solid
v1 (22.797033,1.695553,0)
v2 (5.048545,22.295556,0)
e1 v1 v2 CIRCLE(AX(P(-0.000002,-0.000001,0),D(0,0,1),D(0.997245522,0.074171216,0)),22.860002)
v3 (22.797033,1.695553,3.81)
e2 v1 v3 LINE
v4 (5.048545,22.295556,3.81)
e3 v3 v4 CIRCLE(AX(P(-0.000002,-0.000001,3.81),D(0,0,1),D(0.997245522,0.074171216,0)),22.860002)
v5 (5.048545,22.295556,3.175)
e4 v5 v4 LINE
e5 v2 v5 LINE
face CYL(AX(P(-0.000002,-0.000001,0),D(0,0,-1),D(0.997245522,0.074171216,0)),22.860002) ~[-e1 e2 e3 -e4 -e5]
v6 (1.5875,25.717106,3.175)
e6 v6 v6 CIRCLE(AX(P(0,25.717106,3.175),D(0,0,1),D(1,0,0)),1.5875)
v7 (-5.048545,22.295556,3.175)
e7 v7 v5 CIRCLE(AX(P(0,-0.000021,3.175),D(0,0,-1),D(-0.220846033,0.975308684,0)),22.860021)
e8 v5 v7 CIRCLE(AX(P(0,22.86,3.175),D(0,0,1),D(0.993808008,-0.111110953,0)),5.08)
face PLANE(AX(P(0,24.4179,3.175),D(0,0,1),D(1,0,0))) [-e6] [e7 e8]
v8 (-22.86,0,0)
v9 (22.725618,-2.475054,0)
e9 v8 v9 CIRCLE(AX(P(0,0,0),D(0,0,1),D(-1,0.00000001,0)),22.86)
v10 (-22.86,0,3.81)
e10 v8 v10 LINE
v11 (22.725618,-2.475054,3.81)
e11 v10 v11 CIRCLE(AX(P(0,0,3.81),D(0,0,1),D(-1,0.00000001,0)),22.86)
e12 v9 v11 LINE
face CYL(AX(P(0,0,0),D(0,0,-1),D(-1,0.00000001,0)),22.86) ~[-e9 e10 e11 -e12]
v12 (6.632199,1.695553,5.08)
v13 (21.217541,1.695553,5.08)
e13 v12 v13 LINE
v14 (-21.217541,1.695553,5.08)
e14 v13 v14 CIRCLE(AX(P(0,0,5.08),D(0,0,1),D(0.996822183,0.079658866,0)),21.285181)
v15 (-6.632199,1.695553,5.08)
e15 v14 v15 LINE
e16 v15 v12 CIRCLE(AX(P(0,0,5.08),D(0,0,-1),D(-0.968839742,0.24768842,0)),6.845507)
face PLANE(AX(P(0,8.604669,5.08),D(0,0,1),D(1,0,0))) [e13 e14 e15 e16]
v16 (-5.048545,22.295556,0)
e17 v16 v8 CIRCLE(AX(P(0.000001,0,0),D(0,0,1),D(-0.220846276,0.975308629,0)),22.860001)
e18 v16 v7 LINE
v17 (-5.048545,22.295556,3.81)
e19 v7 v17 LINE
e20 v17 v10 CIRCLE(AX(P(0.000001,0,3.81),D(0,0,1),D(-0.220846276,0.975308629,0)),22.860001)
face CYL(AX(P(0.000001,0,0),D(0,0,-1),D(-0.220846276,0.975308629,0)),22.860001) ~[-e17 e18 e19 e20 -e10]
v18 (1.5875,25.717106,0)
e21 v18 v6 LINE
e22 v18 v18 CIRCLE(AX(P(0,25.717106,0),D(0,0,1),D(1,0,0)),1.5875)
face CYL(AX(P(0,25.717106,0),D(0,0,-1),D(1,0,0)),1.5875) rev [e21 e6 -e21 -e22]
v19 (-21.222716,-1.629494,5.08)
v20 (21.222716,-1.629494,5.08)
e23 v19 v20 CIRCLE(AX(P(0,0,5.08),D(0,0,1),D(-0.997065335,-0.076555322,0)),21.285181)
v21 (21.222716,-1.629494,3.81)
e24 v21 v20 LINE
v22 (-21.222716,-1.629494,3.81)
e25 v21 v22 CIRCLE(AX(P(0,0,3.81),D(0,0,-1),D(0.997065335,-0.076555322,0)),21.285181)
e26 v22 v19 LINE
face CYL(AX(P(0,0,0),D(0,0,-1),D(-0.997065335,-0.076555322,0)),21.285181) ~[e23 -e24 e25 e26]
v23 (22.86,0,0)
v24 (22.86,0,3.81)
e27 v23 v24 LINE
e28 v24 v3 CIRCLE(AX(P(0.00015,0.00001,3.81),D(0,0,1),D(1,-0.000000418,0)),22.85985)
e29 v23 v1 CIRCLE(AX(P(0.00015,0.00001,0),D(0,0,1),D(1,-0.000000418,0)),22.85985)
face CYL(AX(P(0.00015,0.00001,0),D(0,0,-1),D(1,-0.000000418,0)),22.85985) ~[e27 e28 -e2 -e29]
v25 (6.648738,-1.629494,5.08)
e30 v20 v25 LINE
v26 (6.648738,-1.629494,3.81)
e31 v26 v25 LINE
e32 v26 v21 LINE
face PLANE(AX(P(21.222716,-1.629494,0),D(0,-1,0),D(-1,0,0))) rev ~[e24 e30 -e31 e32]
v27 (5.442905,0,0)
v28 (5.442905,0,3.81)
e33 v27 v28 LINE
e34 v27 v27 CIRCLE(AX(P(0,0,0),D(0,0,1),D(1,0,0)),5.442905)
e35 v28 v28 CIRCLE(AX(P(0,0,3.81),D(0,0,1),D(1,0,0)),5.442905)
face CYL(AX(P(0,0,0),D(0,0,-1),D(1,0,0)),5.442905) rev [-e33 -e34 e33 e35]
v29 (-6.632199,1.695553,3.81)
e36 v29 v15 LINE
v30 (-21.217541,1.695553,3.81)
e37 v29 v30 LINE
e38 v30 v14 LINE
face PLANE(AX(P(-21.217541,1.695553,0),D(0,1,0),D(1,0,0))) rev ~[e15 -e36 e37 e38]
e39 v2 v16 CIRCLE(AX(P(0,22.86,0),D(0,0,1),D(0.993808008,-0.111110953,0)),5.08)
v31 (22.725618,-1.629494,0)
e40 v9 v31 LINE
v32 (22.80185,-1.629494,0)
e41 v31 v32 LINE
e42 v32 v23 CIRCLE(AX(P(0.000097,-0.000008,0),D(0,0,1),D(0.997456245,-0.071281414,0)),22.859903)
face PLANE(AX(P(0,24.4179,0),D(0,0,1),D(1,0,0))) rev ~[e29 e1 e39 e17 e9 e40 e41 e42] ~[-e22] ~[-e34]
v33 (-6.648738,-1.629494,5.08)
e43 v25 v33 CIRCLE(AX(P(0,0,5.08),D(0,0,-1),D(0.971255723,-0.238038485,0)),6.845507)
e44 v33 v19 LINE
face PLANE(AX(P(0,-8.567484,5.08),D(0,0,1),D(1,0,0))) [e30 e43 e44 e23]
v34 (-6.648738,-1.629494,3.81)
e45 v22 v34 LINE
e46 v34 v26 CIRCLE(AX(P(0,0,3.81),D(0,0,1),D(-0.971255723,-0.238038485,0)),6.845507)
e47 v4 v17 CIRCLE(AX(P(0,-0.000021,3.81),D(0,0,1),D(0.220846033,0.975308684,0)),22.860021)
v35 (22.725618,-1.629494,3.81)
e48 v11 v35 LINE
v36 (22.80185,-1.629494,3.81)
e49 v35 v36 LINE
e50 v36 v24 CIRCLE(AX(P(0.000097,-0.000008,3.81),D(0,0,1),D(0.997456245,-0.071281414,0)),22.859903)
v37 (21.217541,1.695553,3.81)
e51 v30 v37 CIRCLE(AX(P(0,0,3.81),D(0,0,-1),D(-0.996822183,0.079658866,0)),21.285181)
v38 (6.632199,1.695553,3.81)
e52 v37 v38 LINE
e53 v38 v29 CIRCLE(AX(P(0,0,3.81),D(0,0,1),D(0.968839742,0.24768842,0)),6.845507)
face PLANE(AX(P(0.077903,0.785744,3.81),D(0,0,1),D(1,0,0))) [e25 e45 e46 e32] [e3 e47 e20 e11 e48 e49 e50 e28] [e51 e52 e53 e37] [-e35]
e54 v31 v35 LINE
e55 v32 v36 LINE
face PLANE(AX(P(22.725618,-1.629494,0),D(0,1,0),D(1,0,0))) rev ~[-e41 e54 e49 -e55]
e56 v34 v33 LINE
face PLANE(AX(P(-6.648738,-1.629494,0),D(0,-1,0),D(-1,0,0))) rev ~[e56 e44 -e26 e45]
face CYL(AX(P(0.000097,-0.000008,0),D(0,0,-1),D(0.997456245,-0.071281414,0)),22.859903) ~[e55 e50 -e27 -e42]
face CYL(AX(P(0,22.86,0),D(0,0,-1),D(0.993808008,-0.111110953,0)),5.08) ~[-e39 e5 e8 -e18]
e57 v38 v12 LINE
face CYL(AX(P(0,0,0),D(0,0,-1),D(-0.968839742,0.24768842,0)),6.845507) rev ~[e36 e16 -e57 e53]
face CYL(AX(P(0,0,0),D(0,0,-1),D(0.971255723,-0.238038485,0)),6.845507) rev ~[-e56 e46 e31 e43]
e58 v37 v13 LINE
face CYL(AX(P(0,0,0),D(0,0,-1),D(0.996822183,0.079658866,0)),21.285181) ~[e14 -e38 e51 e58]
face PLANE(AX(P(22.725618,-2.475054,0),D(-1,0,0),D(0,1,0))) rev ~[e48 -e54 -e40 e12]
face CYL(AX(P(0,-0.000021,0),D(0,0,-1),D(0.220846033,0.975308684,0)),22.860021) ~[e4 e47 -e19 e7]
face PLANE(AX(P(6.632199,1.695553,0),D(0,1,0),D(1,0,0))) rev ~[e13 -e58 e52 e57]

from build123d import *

# Parameters (mm, degrees)
F1_DEPTH = 5.08
F0_R     = 5.442905
F2_DEPTH = 3.81
F0_R_2   = 1.5875
F3_DEPTH = 3.175


with BuildPart() as f1:
    # F0 (on Top) → F1 (new body)
    with BuildSketch(Plane.XY):
        with BuildLine():
            Line((-21.217541, 1.695553), (-21.167484, 1.695553))
            Line((-21.167484, 1.695553), (-6.632199, 1.695553))
            ThreePointArc((-6.632199, 1.695553), (0, 6.845507), (6.632199, 1.695553))
            Line((6.632199, 1.695553), (21.167484, 1.695553))
            Line((21.167484, 1.695553), (21.217541, 1.695553))
            ThreePointArc((21.217541, 1.695553), (0, 21.285181), (-21.217541, 1.695553))
        make_face()
        with BuildLine():
            Line((-6.648738, -1.629494), (-21.172672, -1.629494))
            Line((-21.172672, -1.629494), (-21.222716, -1.629494))
            ThreePointArc((-21.222716, -1.629494), (0, -21.285181), (21.222716, -1.629494))
            Line((21.222716, -1.629494), (21.172672, -1.629494))
            Line((21.172672, -1.629494), (6.648738, -1.629494))
            ThreePointArc((6.648738, -1.629494), (0, -6.845507), (-6.648738, -1.629494))
        make_face()
    extrude(amount=F1_DEPTH)

    # F0 (on Top) → F2 (join)
    with BuildSketch(Plane.XY):
        with BuildLine():
            ThreePointArc((22.80185, -1.629494), (22.845458, -0.815266), (22.86, 0))
            ThreePointArc((22.86, 0), (22.844253, 0.848361), (22.797033, 1.695553))
            ThreePointArc((22.797033, 1.695553), (17.318605, 14.921311), (5.048545, 22.295556))
            ThreePointArc((5.048545, 22.295556), (0, 22.86), (-5.048545, 22.295556))
            ThreePointArc((-5.048545, 22.295556), (-17.860422, 14.268319), (-22.86, 0))
            ThreePointArc((-22.86, 0), (-1.23935, -22.82638), (22.725618, -2.475054))
            Line((22.725618, -2.475054), (22.725618, -1.629494))
            Line((22.725618, -1.629494), (22.80185, -1.629494))
        make_face()
        with BuildLine():
            Line((-21.222716, -1.629494), (-21.172672, -1.629494))
            Line((-21.172672, -1.629494), (-6.648738, -1.629494))
            ThreePointArc((-6.648738, -1.629494), (0, -6.845507), (6.648738, -1.629494))
            Line((6.648738, -1.629494), (21.172672, -1.629494))
            Line((21.172672, -1.629494), (21.222716, -1.629494))
            ThreePointArc((21.222716, -1.629494), (0, -21.285181), (-21.222716, -1.629494))
        make_face(mode=Mode.SUBTRACT)
        Circle(F0_R, mode=Mode.SUBTRACT)
        with BuildLine():
            Line((-6.632199, 1.695553), (-21.167484, 1.695553))
            Line((-21.167484, 1.695553), (-21.217541, 1.695553))
            ThreePointArc((-21.217541, 1.695553), (0, 21.285181), (21.217541, 1.695553))
            Line((21.217541, 1.695553), (21.167484, 1.695553))
            Line((21.167484, 1.695553), (6.632199, 1.695553))
            ThreePointArc((6.632199, 1.695553), (0, 6.845507), (-6.632199, 1.695553))
        make_face(mode=Mode.SUBTRACT)
    extrude(amount=F2_DEPTH)

    # F0 (on Top) → F3 (join)
    with BuildSketch(Plane.XY):
        with BuildLine():
            ThreePointArc((-5.048545, 22.295556), (0, 22.86), (5.048545, 22.295556))
            ThreePointArc((5.048545, 22.295556), (0, 27.94), (-5.048545, 22.295556))
        make_face()
        with Locations((0, 25.717106)):
            Circle(F0_R_2, mode=Mode.SUBTRACT)
    extrude(amount=F3_DEPTH)


solid = f1.part
